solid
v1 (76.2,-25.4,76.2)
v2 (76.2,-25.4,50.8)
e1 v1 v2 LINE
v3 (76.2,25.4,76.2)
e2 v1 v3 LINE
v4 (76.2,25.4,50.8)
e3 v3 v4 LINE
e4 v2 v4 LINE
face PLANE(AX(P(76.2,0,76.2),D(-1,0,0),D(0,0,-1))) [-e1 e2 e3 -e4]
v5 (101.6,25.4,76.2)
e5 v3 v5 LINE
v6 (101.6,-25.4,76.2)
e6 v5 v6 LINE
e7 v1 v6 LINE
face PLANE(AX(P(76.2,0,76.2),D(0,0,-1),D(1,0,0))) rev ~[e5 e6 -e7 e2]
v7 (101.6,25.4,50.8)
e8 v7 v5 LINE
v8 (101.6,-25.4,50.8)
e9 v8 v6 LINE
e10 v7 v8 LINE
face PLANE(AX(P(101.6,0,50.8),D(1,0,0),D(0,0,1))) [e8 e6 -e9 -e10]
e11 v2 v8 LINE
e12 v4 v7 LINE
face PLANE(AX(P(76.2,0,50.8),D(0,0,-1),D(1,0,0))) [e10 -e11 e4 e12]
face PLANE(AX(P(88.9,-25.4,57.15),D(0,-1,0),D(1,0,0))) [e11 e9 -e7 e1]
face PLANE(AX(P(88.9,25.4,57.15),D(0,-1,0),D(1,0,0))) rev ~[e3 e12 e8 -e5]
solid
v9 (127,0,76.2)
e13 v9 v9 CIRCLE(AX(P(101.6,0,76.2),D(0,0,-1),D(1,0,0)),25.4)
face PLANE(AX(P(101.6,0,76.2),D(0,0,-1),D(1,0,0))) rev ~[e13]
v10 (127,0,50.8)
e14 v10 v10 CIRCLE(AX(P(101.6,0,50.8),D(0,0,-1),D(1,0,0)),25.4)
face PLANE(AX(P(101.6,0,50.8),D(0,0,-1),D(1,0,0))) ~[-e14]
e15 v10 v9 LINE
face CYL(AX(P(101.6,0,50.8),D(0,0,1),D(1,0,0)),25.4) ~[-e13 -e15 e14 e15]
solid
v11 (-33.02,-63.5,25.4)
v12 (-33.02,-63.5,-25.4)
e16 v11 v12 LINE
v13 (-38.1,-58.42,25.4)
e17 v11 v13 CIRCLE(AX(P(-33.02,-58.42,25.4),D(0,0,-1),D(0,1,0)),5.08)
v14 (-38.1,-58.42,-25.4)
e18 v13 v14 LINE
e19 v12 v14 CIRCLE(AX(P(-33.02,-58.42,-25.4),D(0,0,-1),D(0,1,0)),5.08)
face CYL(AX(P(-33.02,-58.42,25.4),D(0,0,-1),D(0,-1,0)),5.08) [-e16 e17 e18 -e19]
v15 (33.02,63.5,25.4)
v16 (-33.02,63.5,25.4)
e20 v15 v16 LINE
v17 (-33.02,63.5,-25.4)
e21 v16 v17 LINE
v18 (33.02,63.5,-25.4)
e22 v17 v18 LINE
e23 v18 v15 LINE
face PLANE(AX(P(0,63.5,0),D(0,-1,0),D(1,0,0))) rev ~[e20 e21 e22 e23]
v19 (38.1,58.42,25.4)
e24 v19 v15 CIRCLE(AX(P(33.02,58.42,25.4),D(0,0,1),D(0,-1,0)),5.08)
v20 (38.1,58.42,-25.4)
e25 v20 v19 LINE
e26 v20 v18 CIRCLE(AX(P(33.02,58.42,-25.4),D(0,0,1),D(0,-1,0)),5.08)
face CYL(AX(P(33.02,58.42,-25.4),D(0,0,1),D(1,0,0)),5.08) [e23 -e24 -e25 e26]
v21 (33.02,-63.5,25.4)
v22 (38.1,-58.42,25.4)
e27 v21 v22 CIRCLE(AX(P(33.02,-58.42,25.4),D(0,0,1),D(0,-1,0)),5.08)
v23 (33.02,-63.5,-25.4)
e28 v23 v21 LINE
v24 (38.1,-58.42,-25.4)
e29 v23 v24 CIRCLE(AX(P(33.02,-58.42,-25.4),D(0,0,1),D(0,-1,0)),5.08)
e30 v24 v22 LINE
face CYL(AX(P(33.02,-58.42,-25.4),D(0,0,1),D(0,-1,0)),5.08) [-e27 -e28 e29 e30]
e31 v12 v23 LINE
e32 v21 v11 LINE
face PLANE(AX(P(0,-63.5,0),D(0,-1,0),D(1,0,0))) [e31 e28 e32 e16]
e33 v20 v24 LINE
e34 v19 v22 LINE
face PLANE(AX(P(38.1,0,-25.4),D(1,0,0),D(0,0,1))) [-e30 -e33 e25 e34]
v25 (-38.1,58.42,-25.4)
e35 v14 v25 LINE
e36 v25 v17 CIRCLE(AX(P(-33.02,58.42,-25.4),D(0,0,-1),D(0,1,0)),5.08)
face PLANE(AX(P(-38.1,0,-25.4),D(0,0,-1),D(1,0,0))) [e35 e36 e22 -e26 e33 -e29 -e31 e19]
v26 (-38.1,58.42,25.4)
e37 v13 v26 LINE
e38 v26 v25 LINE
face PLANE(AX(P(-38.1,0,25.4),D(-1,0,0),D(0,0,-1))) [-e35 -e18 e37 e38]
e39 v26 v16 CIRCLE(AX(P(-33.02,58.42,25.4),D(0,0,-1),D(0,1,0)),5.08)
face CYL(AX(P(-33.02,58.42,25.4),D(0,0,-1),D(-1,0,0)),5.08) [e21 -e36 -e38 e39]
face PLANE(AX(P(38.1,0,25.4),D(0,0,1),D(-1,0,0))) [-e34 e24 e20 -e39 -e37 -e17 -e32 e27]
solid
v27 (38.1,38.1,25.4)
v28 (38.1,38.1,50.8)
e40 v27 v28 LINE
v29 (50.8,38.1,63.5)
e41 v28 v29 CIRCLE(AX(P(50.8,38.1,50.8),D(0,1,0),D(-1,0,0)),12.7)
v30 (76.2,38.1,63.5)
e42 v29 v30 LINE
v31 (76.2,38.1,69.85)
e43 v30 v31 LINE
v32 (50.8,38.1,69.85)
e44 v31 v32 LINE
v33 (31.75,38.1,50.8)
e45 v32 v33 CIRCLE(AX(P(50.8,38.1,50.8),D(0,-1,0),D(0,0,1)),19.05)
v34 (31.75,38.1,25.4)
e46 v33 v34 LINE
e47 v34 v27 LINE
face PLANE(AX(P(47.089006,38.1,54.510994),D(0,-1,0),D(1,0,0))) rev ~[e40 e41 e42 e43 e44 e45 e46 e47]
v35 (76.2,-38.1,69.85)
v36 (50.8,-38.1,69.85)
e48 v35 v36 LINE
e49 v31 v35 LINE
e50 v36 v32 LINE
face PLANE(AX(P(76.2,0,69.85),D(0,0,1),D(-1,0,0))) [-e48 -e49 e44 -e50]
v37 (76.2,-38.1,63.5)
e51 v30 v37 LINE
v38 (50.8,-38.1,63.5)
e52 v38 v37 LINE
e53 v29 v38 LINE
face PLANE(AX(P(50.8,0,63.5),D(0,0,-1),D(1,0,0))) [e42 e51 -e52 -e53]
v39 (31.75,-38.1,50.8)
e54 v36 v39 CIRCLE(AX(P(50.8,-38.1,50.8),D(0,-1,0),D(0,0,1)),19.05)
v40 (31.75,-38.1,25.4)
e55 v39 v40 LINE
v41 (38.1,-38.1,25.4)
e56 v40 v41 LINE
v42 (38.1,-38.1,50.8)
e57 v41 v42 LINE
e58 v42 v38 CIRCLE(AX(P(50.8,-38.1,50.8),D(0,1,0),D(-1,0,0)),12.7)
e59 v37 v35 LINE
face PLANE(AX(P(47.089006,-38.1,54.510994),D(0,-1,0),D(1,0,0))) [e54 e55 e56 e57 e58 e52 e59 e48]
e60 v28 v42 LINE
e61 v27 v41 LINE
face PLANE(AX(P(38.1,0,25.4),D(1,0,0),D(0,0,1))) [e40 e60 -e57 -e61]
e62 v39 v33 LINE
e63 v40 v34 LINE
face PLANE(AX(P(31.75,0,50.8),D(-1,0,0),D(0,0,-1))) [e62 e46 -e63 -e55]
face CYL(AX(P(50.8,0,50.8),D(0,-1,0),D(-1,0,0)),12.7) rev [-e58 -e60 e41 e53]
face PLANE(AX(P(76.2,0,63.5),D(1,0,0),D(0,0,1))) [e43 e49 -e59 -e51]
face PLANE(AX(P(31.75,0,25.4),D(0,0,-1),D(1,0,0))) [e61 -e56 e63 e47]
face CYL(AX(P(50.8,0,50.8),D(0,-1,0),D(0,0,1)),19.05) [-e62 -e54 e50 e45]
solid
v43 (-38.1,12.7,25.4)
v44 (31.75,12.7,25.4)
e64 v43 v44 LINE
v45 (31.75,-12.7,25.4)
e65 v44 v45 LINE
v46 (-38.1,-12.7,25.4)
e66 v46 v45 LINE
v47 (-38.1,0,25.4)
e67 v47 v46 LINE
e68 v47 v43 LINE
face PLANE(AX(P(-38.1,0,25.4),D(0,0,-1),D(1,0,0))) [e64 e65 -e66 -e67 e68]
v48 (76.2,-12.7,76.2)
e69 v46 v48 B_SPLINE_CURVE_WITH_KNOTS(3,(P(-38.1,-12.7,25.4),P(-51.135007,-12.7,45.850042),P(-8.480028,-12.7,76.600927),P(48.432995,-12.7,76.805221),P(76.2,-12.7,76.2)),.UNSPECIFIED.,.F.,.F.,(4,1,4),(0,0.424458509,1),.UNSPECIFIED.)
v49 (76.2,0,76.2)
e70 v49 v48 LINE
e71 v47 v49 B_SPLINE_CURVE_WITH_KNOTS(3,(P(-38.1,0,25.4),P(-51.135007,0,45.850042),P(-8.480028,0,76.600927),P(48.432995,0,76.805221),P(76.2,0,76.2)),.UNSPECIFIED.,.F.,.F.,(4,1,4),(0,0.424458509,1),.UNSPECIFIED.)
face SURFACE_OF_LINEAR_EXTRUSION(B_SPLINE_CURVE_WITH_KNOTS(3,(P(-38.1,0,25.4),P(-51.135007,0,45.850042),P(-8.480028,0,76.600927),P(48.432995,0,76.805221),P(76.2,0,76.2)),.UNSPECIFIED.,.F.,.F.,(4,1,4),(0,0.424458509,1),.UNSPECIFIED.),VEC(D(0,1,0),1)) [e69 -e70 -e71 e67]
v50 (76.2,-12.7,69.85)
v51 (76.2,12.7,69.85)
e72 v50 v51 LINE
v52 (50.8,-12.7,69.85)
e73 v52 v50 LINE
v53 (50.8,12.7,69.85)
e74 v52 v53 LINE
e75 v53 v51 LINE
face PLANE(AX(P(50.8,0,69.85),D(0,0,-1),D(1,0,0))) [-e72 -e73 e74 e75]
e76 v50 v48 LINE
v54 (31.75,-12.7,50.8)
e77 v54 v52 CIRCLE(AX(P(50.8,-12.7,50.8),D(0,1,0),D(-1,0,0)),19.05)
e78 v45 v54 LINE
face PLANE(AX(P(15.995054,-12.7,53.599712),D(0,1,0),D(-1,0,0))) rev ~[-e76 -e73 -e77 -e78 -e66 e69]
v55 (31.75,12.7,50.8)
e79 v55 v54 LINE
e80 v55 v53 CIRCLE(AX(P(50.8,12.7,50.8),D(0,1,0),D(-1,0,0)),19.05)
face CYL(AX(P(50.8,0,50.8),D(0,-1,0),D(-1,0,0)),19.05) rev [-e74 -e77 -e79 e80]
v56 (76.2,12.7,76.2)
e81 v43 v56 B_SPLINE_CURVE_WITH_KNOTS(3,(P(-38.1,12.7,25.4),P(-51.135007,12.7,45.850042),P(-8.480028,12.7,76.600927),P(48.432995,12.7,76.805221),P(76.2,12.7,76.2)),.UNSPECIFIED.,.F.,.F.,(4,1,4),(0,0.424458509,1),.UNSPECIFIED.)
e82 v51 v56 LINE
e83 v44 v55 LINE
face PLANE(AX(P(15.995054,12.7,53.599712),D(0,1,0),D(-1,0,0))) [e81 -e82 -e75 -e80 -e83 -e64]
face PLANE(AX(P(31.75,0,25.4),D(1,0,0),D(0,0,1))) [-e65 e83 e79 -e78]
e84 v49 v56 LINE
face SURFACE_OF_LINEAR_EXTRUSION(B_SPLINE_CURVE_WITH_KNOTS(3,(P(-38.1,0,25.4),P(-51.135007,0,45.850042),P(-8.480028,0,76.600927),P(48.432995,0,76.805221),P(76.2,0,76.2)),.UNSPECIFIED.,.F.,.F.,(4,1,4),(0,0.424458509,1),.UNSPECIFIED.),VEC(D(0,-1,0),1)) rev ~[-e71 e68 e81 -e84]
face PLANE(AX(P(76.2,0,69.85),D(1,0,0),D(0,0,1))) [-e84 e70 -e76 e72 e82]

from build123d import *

# Parameters (mm, degrees)
F1_DEPTH = 63.5
F0_W     = 25.4
F0_H     = 12.7
F0_H_2   = 6.35
F2_DEPTH = 25.4
F3_DEPTH = 38.1
F4_DEPTH = 12.7
F6_R     = 5.08
F7_R     = 5.08
F8_R     = 5.08


with BuildPart() as f1:
    # F0 (on Front) → F1 (new body, symmetric)
    with BuildSketch(Plane.XZ):
        Polygon((-38.1, -25.4), (38.1, -25.4), (38.1, 25.4), (31.75, 25.4), (-38.1, 25.4), align=None)
    extrude(amount=F1_DEPTH, both=True)

    # F6
    f6_edges = [f1.edges().sort_by_distance(p)[0] for p in [
        (38.1, -63.5, 0),
    ]]
    fillet(f6_edges, radius=F6_R)

    # F7
    f7_edges = [f1.edges().sort_by_distance(p)[0] for p in [
        (-38.1, -63.5, 0),
    ]]
    fillet(f7_edges, radius=F7_R)

    # F8
    f8_edges = [f1.edges().sort_by_distance(p)[0] for p in [
        (-38.1, 63.5, 0),
        (38.1, 63.5, 0),
    ]]
    fillet(f8_edges, radius=F8_R)


with BuildPart() as f2:
    # F0 (on Front) → F2 (new body, symmetric)
    with BuildSketch(Plane.XZ):
        with Locations((88.9, 57.15)):
            Rectangle(F0_W, F0_H)
        with Locations((88.9, 66.675)):
            Rectangle(F0_W, F0_H_2)
        with Locations((88.9, 73.025)):
            Rectangle(F0_W, F0_H_2)
    extrude(amount=F2_DEPTH, both=True)


with BuildPart() as f3:
    # F0 (on Front) → F3 (new body, symmetric)
    with BuildSketch(Plane.XZ):
        with BuildLine():
            Line((31.75, 25.4), (38.1, 25.4))
            Line((38.1, 25.4), (38.1, 50.8))
            ThreePointArc((38.1, 50.8), (41.8197438789, 59.7802561211), (50.8, 63.5))
            Line((50.8, 63.5), (76.2, 63.5))
            Line((76.2, 63.5), (76.2, 69.85))
            Line((76.2, 69.85), (50.8, 69.85))
            ThreePointArc((50.8, 69.85), (37.3296158184, 64.2703841816), (31.75, 50.8))
            Line((31.75, 50.8), (31.75, 25.4))
        make_face()
    extrude(amount=F3_DEPTH, both=True)


with BuildPart() as f4:
    # F0 (on Front) → F4 (new body, symmetric)
    with BuildSketch(Plane.XZ):
        with BuildLine():
            add(Edge.make_bspline(
                [(-38.1, 25.4), (-51.135007292, 45.8500422537), (-8.4800277474, 76.6009273388), (48.4329954615, 76.8052207334), (76.2, 76.2)],
                knots=[0, 0, 0, 0, 0.4244585088, 1, 1, 1, 1], degree=3))
            Line((-38.1, 25.4), (31.75, 25.4))
            Line((31.75, 25.4), (31.75, 50.8))
            ThreePointArc((31.75, 50.8), (37.3296158184, 64.2703841816), (50.8, 69.85))
            Line((50.8, 69.85), (76.2, 69.85))
            Line((76.2, 69.85), (76.2, 76.2))
        make_face()
    extrude(amount=F4_DEPTH, both=True)


with BuildPart() as f5:
    # F0 (on Front) → F5 (revolve)
    with BuildSketch(Plane.XZ):
        Polygon((127, 76.2), (101.6, 76.2), (101.6, 69.85), (101.6, 63.5), (101.6, 50.8), (127, 50.8), align=None)
    revolve(axis=Axis((101.6, 0, 57.15), (0, 0, -1)))


solid = Compound([f1.part, f2.part, f3.part, f4.part, f5.part])
